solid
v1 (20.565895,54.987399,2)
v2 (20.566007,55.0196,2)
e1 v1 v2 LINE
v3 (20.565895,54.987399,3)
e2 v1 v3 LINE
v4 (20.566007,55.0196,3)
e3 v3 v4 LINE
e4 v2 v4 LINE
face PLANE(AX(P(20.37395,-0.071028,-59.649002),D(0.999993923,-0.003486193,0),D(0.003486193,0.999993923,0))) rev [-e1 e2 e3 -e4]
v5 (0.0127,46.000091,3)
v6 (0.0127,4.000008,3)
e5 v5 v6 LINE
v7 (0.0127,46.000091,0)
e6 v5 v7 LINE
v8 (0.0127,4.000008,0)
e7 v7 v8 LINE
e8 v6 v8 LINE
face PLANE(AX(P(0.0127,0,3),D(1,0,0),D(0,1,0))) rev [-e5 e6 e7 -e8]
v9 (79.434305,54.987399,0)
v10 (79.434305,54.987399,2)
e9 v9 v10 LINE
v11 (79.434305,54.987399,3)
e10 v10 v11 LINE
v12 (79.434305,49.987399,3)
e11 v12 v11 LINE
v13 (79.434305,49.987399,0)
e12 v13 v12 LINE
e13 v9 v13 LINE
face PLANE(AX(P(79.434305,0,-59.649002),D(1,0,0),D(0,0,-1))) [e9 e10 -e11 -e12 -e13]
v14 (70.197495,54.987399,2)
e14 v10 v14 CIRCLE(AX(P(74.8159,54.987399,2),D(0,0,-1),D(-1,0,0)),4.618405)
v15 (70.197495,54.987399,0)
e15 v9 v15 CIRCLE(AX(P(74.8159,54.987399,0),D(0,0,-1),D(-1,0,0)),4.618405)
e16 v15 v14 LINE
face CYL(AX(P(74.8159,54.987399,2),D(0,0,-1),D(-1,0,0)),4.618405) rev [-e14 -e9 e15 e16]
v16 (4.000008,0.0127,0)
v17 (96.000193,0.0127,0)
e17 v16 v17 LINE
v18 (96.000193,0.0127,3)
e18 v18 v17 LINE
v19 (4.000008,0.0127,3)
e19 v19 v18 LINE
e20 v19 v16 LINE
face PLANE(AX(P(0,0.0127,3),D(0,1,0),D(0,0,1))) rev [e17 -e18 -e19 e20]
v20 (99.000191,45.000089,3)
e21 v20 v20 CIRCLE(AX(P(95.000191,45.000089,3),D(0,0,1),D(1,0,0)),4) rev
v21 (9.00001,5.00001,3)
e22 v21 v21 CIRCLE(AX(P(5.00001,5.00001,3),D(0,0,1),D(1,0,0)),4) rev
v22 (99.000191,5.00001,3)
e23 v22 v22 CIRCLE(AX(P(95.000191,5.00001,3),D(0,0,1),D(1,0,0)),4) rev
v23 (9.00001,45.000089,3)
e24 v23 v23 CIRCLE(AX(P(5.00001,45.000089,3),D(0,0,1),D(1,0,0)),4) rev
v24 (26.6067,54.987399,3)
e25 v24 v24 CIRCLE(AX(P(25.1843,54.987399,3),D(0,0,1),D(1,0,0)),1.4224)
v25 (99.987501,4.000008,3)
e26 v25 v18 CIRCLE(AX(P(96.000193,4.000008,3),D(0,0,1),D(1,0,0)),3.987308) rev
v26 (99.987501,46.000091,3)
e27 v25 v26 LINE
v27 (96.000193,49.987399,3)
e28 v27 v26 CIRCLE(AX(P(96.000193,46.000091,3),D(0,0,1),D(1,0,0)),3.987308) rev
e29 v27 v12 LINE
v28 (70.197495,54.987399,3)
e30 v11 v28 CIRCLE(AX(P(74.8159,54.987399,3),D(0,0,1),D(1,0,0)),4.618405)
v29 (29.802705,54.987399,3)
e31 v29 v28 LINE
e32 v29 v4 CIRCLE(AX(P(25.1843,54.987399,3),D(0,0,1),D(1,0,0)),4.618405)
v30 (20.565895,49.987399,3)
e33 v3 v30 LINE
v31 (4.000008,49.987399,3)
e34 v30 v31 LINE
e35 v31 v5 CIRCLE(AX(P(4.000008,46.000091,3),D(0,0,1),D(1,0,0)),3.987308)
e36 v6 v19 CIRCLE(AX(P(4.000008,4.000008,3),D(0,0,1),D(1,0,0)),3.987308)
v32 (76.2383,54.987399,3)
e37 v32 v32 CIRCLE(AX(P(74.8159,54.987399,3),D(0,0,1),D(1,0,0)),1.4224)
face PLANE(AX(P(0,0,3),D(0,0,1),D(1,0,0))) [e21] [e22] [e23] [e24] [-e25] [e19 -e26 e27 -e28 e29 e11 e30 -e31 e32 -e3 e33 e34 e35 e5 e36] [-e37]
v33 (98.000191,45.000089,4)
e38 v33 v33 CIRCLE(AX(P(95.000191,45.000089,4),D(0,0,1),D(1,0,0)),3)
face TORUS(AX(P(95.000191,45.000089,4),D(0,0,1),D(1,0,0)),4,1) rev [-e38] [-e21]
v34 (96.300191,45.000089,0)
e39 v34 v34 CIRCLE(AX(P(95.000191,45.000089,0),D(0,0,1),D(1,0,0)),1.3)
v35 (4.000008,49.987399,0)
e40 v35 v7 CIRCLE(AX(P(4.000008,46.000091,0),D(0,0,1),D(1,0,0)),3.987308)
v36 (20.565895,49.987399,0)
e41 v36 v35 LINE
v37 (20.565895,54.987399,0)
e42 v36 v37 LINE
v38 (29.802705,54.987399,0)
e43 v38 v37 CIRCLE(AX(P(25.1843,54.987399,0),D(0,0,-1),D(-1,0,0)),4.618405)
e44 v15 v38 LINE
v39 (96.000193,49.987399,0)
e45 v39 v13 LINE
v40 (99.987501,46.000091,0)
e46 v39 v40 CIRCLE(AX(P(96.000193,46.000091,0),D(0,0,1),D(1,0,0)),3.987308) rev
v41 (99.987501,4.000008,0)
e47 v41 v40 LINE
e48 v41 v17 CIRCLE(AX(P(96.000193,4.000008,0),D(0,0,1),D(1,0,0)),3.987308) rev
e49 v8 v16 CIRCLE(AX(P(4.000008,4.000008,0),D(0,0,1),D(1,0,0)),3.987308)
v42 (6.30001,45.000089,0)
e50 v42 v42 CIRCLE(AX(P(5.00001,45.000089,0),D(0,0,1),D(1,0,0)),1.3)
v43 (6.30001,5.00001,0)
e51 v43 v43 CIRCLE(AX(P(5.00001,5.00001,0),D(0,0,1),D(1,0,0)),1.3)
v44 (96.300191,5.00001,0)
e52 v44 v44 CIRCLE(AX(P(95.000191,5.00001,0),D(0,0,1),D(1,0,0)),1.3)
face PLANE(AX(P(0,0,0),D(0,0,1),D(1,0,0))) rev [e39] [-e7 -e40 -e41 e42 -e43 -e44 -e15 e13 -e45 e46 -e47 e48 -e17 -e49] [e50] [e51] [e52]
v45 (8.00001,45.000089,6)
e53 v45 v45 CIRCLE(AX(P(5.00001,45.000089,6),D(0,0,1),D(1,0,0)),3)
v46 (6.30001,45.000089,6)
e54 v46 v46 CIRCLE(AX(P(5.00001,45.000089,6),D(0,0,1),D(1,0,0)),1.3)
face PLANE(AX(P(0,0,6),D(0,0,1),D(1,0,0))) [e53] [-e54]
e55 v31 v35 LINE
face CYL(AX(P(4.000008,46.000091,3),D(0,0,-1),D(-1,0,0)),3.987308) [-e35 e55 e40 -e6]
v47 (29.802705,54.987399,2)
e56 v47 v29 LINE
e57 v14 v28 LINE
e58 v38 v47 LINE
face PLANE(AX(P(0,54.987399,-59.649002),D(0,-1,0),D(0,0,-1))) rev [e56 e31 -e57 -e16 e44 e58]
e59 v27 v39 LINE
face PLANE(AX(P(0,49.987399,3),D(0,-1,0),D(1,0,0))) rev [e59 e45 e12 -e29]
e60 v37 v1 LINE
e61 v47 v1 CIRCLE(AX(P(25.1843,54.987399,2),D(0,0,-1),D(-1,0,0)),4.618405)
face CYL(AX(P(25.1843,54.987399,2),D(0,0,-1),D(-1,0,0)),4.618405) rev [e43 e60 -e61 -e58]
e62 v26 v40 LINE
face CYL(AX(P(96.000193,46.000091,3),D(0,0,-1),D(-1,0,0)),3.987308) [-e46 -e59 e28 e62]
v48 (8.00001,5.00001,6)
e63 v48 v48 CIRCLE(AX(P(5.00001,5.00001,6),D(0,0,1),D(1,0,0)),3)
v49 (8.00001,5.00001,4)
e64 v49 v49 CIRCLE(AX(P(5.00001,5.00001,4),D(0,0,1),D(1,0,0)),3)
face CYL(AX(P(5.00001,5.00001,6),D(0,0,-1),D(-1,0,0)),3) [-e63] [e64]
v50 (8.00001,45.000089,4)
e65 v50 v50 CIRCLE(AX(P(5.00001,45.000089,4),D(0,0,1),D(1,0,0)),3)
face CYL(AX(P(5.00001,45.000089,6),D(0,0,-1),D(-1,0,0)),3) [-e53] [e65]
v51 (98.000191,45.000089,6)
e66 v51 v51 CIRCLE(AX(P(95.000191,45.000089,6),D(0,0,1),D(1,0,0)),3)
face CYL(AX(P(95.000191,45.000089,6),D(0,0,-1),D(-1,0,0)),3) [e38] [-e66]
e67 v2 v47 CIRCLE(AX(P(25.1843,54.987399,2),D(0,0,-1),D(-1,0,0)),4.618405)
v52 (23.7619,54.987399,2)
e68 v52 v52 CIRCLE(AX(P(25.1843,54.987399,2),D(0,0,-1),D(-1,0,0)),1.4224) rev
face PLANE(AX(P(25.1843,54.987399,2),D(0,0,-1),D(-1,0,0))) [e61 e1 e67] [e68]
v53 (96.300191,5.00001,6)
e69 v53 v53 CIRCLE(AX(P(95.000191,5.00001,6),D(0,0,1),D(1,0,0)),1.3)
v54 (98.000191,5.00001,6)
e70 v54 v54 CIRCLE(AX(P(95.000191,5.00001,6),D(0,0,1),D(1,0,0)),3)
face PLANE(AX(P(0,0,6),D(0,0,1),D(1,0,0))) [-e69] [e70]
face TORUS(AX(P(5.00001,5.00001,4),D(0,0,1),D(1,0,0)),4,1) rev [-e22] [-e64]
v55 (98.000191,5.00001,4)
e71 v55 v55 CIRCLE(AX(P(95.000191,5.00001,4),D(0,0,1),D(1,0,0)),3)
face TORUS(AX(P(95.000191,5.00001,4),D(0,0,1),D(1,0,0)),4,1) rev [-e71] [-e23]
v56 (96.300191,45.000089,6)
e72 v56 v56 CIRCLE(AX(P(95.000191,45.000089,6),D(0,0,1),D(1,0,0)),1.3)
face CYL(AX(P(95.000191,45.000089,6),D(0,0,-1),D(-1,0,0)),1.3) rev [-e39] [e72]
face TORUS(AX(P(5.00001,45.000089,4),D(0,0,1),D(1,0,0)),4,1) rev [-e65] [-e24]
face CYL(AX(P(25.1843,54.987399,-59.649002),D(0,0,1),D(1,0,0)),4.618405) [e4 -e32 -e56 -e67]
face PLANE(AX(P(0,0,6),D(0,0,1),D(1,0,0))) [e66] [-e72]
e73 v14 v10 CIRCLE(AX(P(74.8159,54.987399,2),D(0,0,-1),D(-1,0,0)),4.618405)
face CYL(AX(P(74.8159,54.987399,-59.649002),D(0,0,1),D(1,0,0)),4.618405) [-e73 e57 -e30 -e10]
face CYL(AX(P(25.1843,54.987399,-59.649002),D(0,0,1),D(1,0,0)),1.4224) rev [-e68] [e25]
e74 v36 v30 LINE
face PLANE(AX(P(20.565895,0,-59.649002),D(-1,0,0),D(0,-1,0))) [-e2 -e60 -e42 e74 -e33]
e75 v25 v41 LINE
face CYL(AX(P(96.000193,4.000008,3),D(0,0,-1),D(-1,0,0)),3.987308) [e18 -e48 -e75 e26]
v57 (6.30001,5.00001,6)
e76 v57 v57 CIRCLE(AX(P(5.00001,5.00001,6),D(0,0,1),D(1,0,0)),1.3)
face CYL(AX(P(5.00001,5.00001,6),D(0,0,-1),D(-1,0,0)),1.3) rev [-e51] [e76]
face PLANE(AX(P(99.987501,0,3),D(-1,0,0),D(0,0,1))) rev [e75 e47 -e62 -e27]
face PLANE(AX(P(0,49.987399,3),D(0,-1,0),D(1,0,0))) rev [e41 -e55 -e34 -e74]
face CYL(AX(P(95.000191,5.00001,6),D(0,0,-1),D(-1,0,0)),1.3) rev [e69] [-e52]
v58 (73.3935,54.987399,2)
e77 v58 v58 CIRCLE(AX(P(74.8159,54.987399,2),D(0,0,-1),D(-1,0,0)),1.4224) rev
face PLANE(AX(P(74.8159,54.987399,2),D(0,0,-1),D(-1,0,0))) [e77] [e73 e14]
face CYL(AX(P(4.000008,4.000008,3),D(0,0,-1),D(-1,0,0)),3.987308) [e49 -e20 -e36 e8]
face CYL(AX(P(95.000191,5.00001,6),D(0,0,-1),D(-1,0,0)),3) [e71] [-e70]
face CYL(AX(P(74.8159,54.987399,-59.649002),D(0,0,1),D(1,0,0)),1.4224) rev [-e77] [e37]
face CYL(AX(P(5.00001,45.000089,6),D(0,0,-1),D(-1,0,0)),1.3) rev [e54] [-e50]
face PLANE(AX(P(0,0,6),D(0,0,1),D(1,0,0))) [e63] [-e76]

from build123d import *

# Parameters (mm, degrees)
SKETCH1_R           = 3
BOSS_EXTRUDE1_DEPTH = 3
SKETCH1_3_R         = 3
SKETCH1_3_R_2       = 1.3
BOSS_EXTRUDE2_DEPTH = 6
FILLET1_R           = 1
SKETCH2_R           = 1.4224
BOSS_EXTRUDE3_DEPTH = 3
CUT_EXTRUDE1_START  = -2
SKETCH6_R           = 4.618405104
CUT_EXTRUDE1_DEPTH  = 2


with BuildPart() as part:
    # Sketch1 → Boss-Extrude1 (new body)
    with BuildSketch(Plane.XY):
        with BuildLine():
            ThreePointArc((99.987500635, 4.00000762), (98.819645279, 1.180555381), (96.00019304, 0.012700025))
            Line((96.00019304, 0.012700025), (4.00000762, 0.012700025))
            ThreePointArc((4.00000762, 0.012700025), (1.180555381, 1.180555381), (0.012700025, 4.00000762))
            Line((0.012700025, 4.00000762), (0.012700025, 46.00009144))
            ThreePointArc((0.012700025, 46.00009144), (1.180555381, 48.819543679), (4.00000762, 49.987399035))
            Line((4.00000762, 49.987399035), (96.00019304, 49.987399035))
            ThreePointArc((96.00019304, 49.987399035), (98.819645279, 48.819543679), (99.987500635, 46.00009144))
            Line((99.987500635, 46.00009144), (99.987500635, 4.00000762))
        make_face()
        with Locations((95.0001905, 5.00001016)):
            Circle(SKETCH1_R, mode=Mode.SUBTRACT)
        with Locations((5.00001016, 5.00001016)):
            Circle(SKETCH1_R, mode=Mode.SUBTRACT)
        with Locations((95.0001905, 45.0000889)):
            Circle(SKETCH1_R, mode=Mode.SUBTRACT)
        with Locations((5.00001016, 45.0000889)):
            Circle(SKETCH1_R, mode=Mode.SUBTRACT)
    extrude(amount=BOSS_EXTRUDE1_DEPTH)

    # Sketch1<3> → Boss-Extrude2 (add)
    # profile 1 of 4: a face of its own
    with BuildSketch(Plane.XY):
        with Locations((5.00001016, 45.0000889)):
            Circle(SKETCH1_3_R)
        with Locations((5.00001016, 45.0000889)):
            Circle(SKETCH1_3_R_2, mode=Mode.SUBTRACT)
    # profile 2 of 4: a face of its own
    with BuildSketch(Plane.XY):
        with Locations((95.0001905, 45.0000889)):
            Circle(SKETCH1_3_R)
        with Locations((95.0001905, 45.0000889)):
            Circle(SKETCH1_3_R_2, mode=Mode.SUBTRACT)
    # profile 3 of 4: a face of its own
    with BuildSketch(Plane.XY):
        with Locations((95.0001905, 5.00001016)):
            Circle(SKETCH1_3_R)
        with Locations((95.0001905, 5.00001016)):
            Circle(SKETCH1_3_R_2, mode=Mode.SUBTRACT)
    # profile 4 of 4: a face of its own
    with BuildSketch(Plane.XY):
        with Locations((5.00001016, 5.00001016)):
            Circle(SKETCH1_3_R)
        with Locations((5.00001016, 5.00001016)):
            Circle(SKETCH1_3_R_2, mode=Mode.SUBTRACT)
    extrude(amount=BOSS_EXTRUDE2_DEPTH)

    # Fillet1
    fillet1_edges = [part.edges().sort_by_distance(p)[0] for p in [
        (92.0001905, 5.00001016, 3),
        (2.00001016, 5.00001016, 3),
        (92.0001905, 45.0000889, 3),
        (2.00001016, 45.0000889, 3),
    ]]
    fillet(fillet1_edges, radius=FILLET1_R)

    # Sketch2 → Boss-Extrude3 (add)
    with BuildSketch(Plane.XY.offset(3)):
        with BuildLine():
            Line((70.197495225, 54.987399035), (29.802705435, 54.987399035))
            ThreePointArc((29.802705434, 54.987399035), (25.18430033, 59.605804139), (20.565895226, 54.987399035))
            Line((20.565895225, 54.987399035), (20.565895225, 49.987399035))
            Line((20.565895225, 49.987399035), (79.434305435, 49.987399035))
            Line((79.434305435, 49.987399035), (79.434305435, 54.987399035))
            ThreePointArc((79.434305434, 54.987399035), (74.81590033, 59.605804139), (70.197495226, 54.987399035))
        make_face()
        with Locations((25.18430033, 54.987399035)):
            Circle(SKETCH2_R, mode=Mode.SUBTRACT)
        with Locations((74.81590033, 54.987399035)):
            Circle(SKETCH2_R, mode=Mode.SUBTRACT)
    extrude(amount=-BOSS_EXTRUDE3_DEPTH)

    # Sketch6 → Cut-Extrude1 (cut)
    with BuildSketch(Plane(origin=(0, 0, 0), x_dir=(-1, 0, 0), z_dir=(0, 0, -1)).offset(CUT_EXTRUDE1_START)):
        with Locations((-74.81590033, 54.987399035)):
            Circle(SKETCH6_R)
        with Locations((-25.18430033, 54.987399035)):
            Circle(SKETCH6_R)
    extrude(amount=CUT_EXTRUDE1_DEPTH, mode=Mode.SUBTRACT)


solid = part.part
